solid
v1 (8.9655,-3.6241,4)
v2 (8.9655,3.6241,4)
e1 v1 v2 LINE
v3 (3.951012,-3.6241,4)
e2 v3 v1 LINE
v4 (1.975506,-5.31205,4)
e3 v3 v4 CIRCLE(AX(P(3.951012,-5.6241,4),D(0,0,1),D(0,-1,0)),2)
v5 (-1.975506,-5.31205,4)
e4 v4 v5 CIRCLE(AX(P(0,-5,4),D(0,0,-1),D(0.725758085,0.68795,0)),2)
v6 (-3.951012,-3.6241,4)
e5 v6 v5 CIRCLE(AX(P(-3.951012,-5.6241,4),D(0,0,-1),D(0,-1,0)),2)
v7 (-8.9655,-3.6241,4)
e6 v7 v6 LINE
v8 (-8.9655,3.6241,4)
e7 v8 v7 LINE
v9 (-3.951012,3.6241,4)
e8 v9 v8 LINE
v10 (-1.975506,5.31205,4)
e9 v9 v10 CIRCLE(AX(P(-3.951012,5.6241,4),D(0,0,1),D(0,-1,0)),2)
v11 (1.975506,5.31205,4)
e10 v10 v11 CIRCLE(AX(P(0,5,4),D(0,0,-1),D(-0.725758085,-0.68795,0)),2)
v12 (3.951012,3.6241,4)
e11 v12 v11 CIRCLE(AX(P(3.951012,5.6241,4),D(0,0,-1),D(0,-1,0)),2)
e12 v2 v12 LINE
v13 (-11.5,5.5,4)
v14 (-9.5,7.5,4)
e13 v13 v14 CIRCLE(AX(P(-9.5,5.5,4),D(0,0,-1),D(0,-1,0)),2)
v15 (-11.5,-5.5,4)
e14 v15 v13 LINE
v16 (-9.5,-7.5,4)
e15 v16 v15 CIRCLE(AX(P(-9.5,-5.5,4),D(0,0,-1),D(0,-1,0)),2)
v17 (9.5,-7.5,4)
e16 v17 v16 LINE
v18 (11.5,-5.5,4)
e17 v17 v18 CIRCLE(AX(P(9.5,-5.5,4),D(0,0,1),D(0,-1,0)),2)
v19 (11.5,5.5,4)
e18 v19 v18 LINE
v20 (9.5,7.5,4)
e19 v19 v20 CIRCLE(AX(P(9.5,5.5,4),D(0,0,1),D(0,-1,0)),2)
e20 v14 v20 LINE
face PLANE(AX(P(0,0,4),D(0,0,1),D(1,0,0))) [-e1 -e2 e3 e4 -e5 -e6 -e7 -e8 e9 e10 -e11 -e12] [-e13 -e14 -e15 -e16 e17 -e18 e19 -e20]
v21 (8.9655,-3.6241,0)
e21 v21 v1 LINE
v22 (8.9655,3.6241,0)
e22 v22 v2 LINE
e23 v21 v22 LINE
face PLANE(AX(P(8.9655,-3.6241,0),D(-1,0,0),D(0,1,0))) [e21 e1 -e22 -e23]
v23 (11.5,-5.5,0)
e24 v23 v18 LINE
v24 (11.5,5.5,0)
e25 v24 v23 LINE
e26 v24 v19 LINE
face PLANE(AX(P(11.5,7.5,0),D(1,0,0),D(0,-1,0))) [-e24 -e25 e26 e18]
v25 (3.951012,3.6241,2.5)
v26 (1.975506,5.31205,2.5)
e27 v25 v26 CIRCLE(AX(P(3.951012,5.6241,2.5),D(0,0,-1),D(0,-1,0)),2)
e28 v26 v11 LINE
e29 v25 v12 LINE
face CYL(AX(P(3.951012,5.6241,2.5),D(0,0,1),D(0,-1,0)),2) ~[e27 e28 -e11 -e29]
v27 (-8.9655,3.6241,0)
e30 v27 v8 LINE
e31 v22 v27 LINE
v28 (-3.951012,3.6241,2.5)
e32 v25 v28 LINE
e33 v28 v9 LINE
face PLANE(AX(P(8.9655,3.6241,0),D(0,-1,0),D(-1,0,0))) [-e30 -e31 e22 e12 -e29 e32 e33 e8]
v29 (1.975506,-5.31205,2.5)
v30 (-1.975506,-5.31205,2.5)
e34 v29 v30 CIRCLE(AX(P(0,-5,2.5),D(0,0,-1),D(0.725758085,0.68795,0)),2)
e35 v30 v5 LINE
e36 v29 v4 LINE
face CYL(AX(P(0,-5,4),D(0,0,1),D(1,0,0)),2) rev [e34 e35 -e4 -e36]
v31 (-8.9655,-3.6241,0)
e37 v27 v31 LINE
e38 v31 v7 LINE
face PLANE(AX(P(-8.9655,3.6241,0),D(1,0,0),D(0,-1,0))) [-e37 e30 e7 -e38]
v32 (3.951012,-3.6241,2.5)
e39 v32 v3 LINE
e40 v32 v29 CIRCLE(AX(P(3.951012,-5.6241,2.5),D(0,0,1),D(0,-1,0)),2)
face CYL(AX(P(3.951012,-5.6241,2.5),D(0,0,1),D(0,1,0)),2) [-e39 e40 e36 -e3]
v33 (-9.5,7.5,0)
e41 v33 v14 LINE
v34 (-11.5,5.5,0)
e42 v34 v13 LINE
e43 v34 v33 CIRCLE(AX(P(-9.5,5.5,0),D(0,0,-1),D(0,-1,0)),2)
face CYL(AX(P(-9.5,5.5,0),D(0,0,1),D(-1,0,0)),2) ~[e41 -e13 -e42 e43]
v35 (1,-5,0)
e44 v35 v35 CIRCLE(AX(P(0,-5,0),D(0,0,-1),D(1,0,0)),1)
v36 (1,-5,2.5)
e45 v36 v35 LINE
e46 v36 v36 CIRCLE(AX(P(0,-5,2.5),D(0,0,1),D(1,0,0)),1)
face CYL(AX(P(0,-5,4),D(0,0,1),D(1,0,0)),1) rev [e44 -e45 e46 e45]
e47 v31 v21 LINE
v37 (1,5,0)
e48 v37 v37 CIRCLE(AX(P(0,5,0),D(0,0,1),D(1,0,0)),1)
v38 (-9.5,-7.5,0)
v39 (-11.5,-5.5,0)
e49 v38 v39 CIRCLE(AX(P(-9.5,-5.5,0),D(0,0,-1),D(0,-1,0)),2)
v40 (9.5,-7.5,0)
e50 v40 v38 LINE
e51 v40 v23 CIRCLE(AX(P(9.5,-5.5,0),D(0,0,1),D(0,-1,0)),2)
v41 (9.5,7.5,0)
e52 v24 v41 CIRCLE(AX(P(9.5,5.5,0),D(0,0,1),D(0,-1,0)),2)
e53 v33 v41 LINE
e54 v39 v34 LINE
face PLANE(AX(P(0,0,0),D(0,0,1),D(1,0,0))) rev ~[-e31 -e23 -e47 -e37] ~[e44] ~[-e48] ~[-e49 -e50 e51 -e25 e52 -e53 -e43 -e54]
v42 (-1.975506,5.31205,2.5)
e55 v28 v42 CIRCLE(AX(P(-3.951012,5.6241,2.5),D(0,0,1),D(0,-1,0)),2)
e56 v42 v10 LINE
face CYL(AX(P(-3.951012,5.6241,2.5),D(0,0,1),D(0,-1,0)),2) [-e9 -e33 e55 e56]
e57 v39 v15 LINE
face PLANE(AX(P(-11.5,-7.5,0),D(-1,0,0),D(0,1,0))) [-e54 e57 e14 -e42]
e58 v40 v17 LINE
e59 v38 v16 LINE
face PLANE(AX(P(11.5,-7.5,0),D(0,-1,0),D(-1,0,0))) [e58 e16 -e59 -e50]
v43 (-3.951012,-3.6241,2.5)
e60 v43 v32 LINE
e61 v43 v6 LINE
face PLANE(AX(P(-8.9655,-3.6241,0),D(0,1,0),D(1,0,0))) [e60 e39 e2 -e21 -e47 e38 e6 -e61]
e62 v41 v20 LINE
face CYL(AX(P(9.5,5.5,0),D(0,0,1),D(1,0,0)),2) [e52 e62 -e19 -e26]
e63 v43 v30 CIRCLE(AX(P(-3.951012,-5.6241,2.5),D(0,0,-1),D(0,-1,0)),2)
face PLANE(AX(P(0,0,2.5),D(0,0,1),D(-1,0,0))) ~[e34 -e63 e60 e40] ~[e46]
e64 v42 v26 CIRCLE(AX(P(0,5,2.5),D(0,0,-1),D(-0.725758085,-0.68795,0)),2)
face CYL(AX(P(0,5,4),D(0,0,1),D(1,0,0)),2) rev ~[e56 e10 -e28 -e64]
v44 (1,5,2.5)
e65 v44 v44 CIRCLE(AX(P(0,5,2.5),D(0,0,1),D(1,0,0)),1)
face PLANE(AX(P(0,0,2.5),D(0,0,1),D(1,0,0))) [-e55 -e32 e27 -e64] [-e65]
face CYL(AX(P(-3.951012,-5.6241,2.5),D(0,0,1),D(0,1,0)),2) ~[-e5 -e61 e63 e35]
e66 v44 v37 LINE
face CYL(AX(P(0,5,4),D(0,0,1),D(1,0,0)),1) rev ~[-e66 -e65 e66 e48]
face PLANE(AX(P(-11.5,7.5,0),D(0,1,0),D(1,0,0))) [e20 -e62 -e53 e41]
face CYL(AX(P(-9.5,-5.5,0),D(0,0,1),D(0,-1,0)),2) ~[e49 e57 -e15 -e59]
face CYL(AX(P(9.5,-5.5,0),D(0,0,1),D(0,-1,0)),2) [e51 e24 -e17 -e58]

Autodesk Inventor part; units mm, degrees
ref_plane "YZ Plane" through (0, 0, 0) normal (1, 0, 0) x (0, 1, 0)
ref_plane "XZ Plane" through (0, 0, 0) normal (0, 1, 0) x (-1, 0, 0)
ref_plane "XY Plane" through (0, 0, 0) normal (0, 0, 1) x (1, 0, 0)
sketch "草图1" plane through (0, 0, 0) normal (0, 0, 1) x (1, 0, 0)
  line L0 (11.5, -7.5) -> (-11.5, -7.5)
  line L1 (-11.5, -7.5) -> (-11.5, 7.5)
  line L2 (-11.5, 7.5) -> (11.5, 7.5)
  line L3 (11.5, 7.5) -> (11.5, -7.5)
  line L4 (11.5, -7.5) -> (-11.5, 7.5) construction
  line L5 (-11.5, -7.5) -> (11.5, 7.5) construction
  point P0 (0, 0)
  dimension "d0" = 23
  dimension "d1" = 15
extrude "拉伸1" add sketch "草图1" along normal blind 4
sketch "草图2" plane through (0, 0, 4) normal (0, 0, 1) x (1, 0, 0)
  circle A0 centre (0, 5) radius 1
  point P0 (0, 0)
  dimension "d4" = 2
  dimension "d10" = 5
extrude "拉伸2" cut sketch "草图2" against normal blind 4
sketch "草图3" plane through (0, 0, 0) normal (0, 0, -1) x (-1, 0, 0)
  line L0 (8.9655, -3.6241) -> (-8.9655, -3.6241)
  line L1 (-8.9655, -3.6241) -> (-8.9655, 3.6241)
  line L2 (-8.9655, 3.6241) -> (8.9655, 3.6241)
  line L3 (8.9655, 3.6241) -> (8.9655, -3.6241)
  line L4 (8.9655, -3.6241) -> (-8.9655, 3.6241) construction
  line L5 (-8.9655, -3.6241) -> (8.9655, 3.6241) construction
  point P0 (0, 0)
extrude "拉伸3" cut sketch "草图3" against normal blind 4
fillet "圆角1" radius 2 4 edges at (11.5, 7.5, 2) (-11.5, 7.5, 2) (-11.5, -7.5, 2) (11.5, -7.5, 2)
sketch "草图4" plane through (0, 0, 4) normal (0, 0, 1) x (1, 0, 0)
  circle A0 centre (0, 5) radius 1 projected
  circle A1 centre (0, 5) radius 2
  point P0 (0, 0)
  dimension "d11" = 4
extrude "拉伸4" cut sketch "草图4" against normal blind 1.5 contours A0 | A1
fillet "圆角2" radius 2 2 edges at (1.4515, 3.6241, 3.25) (-1.4515, 3.6241, 3.25)
mirror "镜像1" about plane through (0, 0, 0) normal (0, 1, 0) of "拉伸4", "圆角2", "拉伸2"
properties part number "4mm隔热板"
